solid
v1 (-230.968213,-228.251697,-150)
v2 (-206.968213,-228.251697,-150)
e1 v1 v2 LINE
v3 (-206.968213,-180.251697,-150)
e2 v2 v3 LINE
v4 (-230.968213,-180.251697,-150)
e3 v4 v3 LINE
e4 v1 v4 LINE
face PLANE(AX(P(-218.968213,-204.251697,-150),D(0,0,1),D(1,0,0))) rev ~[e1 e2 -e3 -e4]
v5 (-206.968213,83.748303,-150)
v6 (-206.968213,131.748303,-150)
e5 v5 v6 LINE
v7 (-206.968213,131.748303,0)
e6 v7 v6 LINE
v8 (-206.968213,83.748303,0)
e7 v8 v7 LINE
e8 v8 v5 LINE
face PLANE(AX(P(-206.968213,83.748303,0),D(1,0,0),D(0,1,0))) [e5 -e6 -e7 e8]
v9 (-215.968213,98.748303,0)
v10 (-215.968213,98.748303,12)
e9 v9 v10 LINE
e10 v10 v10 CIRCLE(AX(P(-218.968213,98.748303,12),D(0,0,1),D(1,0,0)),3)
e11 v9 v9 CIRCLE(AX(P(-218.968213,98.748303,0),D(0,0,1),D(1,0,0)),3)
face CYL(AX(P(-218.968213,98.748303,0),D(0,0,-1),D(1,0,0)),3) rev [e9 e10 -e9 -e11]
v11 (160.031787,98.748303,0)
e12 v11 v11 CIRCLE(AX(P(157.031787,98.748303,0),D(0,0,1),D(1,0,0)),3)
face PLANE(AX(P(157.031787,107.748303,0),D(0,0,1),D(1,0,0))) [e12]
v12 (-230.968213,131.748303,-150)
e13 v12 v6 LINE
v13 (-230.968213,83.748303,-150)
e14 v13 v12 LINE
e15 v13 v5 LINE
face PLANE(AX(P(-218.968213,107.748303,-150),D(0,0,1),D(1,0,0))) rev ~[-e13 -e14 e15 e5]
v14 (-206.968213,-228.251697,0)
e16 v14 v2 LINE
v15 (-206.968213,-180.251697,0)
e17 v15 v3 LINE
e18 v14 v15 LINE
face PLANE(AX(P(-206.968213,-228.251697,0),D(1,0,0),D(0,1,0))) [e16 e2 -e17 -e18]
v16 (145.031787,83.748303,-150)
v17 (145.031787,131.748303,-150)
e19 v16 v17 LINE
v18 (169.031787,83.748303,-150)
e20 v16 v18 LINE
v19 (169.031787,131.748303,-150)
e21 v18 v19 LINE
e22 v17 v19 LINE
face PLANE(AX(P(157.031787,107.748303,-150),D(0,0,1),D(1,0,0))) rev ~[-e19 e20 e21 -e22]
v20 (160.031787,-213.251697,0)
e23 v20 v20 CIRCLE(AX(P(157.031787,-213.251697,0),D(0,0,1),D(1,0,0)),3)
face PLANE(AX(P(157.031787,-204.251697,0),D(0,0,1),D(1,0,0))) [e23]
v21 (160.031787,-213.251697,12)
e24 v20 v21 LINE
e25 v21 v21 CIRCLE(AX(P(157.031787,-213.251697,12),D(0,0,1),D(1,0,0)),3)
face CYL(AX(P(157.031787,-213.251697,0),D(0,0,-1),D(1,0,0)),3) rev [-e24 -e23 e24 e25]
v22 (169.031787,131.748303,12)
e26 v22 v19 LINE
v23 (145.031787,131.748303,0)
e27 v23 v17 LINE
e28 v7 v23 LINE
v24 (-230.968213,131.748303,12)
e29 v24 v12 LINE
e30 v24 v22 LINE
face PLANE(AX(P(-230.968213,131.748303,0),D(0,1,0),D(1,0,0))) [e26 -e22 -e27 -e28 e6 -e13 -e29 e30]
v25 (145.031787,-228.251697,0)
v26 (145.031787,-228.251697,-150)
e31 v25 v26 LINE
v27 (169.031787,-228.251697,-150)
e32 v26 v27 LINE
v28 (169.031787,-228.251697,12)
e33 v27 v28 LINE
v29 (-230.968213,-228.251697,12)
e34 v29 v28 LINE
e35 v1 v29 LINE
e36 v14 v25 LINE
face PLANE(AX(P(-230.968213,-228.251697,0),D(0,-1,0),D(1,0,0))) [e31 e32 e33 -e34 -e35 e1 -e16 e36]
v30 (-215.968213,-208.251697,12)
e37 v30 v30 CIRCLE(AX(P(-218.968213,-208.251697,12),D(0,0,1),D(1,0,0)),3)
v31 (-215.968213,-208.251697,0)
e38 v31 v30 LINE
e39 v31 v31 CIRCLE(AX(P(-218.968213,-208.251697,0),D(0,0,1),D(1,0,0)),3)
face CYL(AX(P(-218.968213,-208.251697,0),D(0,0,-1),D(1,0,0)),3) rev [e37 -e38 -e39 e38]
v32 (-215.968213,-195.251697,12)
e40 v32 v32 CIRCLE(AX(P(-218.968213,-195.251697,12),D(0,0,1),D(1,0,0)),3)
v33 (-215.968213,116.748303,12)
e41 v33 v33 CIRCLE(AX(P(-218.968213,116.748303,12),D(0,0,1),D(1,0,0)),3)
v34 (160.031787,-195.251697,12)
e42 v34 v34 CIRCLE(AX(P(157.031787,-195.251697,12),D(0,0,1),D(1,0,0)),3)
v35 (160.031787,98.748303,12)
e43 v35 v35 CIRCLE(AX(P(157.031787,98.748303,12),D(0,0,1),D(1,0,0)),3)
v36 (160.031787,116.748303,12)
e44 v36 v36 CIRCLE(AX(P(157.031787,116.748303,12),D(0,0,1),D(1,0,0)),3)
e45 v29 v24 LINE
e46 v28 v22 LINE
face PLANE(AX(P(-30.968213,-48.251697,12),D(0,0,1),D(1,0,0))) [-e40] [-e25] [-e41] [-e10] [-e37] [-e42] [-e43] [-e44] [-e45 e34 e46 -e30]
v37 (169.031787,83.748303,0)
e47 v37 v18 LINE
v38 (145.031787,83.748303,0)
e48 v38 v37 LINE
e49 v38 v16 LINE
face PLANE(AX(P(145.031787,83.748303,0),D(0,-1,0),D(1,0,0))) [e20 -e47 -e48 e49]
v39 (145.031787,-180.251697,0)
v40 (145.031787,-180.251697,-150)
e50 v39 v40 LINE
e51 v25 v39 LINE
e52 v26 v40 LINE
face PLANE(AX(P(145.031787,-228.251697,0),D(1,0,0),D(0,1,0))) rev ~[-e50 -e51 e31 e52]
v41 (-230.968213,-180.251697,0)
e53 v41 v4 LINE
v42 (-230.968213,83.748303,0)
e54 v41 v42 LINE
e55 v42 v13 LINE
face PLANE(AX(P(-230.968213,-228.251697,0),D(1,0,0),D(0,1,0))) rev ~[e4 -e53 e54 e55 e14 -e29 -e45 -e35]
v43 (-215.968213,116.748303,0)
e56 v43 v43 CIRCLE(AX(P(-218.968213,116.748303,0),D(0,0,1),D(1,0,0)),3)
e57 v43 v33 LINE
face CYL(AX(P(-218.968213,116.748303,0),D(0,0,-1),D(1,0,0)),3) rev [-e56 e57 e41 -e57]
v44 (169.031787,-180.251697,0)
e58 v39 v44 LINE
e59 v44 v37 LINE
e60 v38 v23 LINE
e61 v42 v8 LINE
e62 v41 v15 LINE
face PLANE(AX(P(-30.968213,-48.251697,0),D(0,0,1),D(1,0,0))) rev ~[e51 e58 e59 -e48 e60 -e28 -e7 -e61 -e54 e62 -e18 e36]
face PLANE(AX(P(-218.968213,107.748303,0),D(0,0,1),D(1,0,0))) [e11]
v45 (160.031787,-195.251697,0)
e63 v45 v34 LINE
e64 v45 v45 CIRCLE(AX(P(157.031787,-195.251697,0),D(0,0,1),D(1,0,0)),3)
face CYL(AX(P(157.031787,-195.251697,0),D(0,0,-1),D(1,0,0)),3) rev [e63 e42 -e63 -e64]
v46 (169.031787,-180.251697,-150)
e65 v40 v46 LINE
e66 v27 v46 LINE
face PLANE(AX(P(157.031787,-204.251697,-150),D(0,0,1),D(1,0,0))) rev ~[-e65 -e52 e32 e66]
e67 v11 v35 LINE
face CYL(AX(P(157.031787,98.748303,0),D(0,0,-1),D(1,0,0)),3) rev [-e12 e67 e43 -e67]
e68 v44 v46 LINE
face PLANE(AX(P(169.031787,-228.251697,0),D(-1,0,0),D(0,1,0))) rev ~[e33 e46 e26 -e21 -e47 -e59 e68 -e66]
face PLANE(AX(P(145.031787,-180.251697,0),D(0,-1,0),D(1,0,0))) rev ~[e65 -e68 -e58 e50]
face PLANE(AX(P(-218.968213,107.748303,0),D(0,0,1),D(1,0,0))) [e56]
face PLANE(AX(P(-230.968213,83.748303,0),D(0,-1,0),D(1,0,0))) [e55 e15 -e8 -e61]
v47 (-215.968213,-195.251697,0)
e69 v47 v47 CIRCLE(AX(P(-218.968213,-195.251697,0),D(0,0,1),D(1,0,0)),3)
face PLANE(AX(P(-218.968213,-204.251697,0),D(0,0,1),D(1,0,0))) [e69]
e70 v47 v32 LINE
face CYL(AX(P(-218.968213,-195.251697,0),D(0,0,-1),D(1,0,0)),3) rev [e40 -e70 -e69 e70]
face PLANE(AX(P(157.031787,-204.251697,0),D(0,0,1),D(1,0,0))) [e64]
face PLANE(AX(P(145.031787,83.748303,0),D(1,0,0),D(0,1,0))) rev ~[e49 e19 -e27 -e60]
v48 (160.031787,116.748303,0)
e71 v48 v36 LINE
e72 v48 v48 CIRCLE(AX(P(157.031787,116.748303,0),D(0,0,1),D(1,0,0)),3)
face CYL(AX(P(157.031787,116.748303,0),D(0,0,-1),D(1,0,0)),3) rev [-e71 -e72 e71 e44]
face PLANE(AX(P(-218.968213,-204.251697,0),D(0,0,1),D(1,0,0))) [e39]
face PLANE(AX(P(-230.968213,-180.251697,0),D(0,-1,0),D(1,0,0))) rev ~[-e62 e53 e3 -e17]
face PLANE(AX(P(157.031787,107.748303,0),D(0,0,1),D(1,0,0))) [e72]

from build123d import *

# Parameters (mm, degrees)
F0_W     = 400
F0_H     = 360
F0_R     = 3
F2_DEPTH = 12
F1_W     = 24
F1_H     = 48
F3_DEPTH = 150


with BuildPart() as f2:
    # F0 (on Top) → F2 (new body)
    with BuildSketch(Plane.XY):
        with Locations((-30.968213, -48.251697)):
            Rectangle(F0_W, F0_H)
        with Locations((-218.968213, -208.251697)):
            Circle(F0_R, mode=Mode.SUBTRACT)
        with Locations((-218.968213, -195.251697)):
            Circle(F0_R, mode=Mode.SUBTRACT)
        with Locations((157.031787, -213.251697)):
            Circle(F0_R, mode=Mode.SUBTRACT)
        with Locations((157.031787, -195.251697)):
            Circle(F0_R, mode=Mode.SUBTRACT)
        with Locations((-218.968213, 98.748303)):
            Circle(F0_R, mode=Mode.SUBTRACT)
        with Locations((-218.968213, 116.748303)):
            Circle(F0_R, mode=Mode.SUBTRACT)
        with Locations((157.031787, 98.748303)):
            Circle(F0_R, mode=Mode.SUBTRACT)
        with Locations((157.031787, 116.748303)):
            Circle(F0_R, mode=Mode.SUBTRACT)
    extrude(amount=F2_DEPTH)

    # F1 (on Top) → F3 (join)
    with BuildSketch(Plane.XY):
        with Locations((-218.968213, -204.251697)):
            Rectangle(F1_W, F1_H)
        with Locations((-218.968213, 107.748303)):
            Rectangle(F1_W, F1_H)
        with Locations((157.031787, 107.748303)):
            Rectangle(F1_W, F1_H)
        with Locations((157.031787, -204.251697)):
            Rectangle(F1_W, F1_H)
    extrude(amount=-F3_DEPTH)


solid = f2.part
